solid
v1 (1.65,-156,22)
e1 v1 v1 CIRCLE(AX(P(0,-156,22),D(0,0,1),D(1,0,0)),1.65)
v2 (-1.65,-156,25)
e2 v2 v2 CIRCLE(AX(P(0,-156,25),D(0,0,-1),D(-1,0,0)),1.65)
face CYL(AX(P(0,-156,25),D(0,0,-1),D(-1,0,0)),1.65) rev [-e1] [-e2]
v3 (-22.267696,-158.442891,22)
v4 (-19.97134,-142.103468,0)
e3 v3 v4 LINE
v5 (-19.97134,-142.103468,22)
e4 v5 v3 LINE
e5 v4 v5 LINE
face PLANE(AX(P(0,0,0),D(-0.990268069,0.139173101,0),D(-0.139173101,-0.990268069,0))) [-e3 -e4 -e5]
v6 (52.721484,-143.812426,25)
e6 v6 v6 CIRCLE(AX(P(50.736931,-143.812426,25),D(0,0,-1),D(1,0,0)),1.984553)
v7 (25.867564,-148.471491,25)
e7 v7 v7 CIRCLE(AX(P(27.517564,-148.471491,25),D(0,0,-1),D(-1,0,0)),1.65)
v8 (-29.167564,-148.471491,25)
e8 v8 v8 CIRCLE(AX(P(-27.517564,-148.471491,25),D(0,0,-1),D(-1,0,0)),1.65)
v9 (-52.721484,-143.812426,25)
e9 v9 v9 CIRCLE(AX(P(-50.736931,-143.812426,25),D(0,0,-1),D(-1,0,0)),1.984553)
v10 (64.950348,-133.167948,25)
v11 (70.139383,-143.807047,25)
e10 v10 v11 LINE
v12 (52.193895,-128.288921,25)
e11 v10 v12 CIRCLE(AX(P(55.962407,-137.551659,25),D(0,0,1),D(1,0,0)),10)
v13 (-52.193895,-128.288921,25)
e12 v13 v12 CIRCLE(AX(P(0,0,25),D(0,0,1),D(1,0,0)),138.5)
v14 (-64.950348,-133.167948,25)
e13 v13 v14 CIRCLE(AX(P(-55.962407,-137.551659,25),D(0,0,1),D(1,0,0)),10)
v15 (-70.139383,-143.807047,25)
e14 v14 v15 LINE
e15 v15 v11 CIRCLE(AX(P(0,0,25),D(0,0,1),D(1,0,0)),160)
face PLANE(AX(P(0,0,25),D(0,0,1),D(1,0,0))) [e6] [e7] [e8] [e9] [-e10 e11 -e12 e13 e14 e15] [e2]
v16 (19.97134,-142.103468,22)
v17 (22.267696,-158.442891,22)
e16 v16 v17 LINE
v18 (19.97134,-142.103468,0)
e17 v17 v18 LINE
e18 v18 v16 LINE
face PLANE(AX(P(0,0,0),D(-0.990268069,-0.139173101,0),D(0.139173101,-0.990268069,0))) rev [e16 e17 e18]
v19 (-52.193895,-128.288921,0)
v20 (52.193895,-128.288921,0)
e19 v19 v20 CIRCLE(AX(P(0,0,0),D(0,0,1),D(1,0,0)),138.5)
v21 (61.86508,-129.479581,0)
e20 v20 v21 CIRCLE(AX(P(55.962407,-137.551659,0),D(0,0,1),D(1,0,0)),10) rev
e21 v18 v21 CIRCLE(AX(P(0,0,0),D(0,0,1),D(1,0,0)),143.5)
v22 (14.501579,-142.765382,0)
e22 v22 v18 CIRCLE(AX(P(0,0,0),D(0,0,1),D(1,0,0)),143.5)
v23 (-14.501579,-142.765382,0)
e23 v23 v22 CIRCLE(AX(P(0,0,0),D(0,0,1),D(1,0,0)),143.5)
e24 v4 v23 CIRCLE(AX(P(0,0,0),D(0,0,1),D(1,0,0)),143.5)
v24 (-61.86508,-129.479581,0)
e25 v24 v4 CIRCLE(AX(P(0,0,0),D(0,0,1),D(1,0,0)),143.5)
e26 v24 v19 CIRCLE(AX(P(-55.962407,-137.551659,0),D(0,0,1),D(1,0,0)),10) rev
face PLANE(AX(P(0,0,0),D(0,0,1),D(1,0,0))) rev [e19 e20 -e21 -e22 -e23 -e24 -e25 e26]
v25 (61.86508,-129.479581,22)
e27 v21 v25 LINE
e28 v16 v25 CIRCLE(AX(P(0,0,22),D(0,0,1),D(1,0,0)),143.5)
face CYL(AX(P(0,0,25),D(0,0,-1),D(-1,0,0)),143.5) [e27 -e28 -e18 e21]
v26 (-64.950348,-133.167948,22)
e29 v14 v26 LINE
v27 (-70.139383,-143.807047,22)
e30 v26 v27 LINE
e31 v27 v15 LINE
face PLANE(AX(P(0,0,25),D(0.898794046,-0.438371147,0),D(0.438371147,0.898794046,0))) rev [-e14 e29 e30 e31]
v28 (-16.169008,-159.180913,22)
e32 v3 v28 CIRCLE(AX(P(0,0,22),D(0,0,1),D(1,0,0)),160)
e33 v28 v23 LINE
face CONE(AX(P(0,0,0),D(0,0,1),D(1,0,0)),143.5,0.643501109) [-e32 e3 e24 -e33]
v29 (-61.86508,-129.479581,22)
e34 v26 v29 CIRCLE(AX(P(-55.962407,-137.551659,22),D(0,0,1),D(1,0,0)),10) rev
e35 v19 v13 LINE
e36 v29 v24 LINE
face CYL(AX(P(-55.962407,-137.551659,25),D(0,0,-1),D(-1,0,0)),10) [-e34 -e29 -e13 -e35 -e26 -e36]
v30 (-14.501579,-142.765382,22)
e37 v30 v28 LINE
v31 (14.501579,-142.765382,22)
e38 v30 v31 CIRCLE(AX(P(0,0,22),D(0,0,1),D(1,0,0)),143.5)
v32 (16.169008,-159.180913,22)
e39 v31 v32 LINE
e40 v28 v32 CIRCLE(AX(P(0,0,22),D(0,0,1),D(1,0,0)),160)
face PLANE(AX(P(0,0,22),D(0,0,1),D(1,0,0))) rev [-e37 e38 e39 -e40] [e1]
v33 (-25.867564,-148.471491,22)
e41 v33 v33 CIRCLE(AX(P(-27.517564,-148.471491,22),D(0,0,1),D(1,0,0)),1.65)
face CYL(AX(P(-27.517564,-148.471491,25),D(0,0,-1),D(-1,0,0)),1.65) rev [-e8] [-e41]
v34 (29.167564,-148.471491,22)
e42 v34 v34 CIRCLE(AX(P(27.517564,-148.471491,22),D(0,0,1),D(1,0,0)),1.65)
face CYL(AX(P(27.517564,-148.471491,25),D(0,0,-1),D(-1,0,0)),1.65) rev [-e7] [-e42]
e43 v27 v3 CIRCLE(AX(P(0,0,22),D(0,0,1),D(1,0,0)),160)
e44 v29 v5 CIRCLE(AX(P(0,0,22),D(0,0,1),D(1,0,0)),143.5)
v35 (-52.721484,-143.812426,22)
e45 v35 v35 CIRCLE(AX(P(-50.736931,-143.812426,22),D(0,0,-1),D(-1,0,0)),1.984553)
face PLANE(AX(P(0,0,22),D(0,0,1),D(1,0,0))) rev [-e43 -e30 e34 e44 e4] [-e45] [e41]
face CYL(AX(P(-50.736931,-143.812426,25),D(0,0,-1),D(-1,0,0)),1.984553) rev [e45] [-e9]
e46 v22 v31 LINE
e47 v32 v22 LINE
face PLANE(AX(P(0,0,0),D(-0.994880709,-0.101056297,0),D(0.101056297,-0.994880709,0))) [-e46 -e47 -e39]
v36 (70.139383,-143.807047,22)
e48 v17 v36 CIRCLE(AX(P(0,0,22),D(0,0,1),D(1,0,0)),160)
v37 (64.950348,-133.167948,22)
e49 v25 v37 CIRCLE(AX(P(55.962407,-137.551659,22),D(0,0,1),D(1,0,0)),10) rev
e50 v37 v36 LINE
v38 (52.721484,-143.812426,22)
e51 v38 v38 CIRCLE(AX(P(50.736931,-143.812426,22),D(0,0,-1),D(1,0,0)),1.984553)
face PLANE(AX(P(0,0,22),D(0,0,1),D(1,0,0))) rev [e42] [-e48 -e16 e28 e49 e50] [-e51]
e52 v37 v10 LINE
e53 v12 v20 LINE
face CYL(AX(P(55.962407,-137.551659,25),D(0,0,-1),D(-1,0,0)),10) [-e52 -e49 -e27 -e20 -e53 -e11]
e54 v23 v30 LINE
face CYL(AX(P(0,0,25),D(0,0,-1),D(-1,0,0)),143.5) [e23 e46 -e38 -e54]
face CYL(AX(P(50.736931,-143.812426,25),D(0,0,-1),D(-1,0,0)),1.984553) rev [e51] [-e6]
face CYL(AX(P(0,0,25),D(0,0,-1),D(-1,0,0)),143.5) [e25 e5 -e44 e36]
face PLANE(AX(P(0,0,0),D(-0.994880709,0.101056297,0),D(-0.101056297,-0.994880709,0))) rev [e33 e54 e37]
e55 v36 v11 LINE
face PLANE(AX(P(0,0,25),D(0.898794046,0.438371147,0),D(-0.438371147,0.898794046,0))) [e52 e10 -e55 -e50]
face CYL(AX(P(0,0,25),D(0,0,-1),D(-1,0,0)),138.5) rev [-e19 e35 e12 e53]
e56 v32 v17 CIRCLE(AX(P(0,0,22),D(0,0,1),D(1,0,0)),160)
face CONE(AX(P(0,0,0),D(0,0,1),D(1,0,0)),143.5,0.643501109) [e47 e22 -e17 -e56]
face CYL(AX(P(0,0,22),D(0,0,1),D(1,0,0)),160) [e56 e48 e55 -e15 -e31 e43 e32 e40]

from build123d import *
from build123d.topology import SkipClean

# Parameters (mm, degrees)
EXTRUDE_1_DEPTH     = 25
EXTRUDE_START       = -3
EXTRUDE_2_DEPTH     = 3
EXTRUDE_START_2     = 22
SKETCH_3_R          = 1.649999999999988
SKETCH_3_R_2        = 1.6500000000000072
EXTRUDE_3_DEPTH     = 22
SKETCH_4_R          = 1.6499999999999844
SKETCH_4_R_2        = 1.6500000000000101
SKETCH_4_R_3        = 1.6499999999999744
CUT_EXTRUDE_1_DEPTH = 177.47813778434883
FILLET_1_R          = 10
SKETCH_7_R          = 1.9845527955415248
CUT_EXTRUDE_2_DEPTH = 177.0782017054684


with BuildPart() as part:
    # 草图1 → 凸台-拉伸1 (new body)
    with BuildSketch(Plane.XY):
        with BuildLine():
            ThreePointArc((-6.39904e-12, -143.5), (32.28047629834163, -139.82210429668194), (62.90625956423284, -128.97694564393035))
            Line((62.90625956423282, -128.97694564393035), (60.71440383028742, -124.48297541243448))
            ThreePointArc((60.71440383028932, -124.4829754124336), (31.15572102662481, -134.95025397275518), (-3.22377e-12, -138.5))
            Line((0, -138.49999999999997), (0, -143.49999999999997))
        make_face()
        with BuildLine():
            Line((-60.71440383028735, -124.48297541243457), (-62.906259564232734, -128.97694564393038))
            ThreePointArc((-62.906259564232776, -128.97694564393038), (-32.28047629834789, -139.8221042966805), (-6.39904e-12, -143.5))
            Line((0, -143.49999999999997), (0, -138.49999999999997))
            ThreePointArc((-3.22377e-12, -138.5), (-31.155721026627976, -134.95025397275447), (-60.71440383028926, -124.48297541243363))
        make_face()
    extrude(amount=EXTRUDE_1_DEPTH)

    # 草图2 → 凸台-拉伸2 (add)
    with BuildSketch(Plane.XY.offset(25).offset(EXTRUDE_START)):
        with BuildLine():
            Line((70.13938348625264, -143.8070474078666), (62.906259564232826, -128.97694564393032))
            ThreePointArc((62.90625956423283, -128.97694564393032), (4.796e-14, -143.5), (-62.90625956423274, -128.97694564393038))
            Line((-62.90625956423273, -128.97694564393043), (-70.13938348625253, -143.8070474078667))
            ThreePointArc((-70.13938348625257, -143.80704740786663), (-2.939e-14, -160), (70.13938348625264, -143.8070474078666))
        make_face()
    extrude(amount=EXTRUDE_2_DEPTH)

    # 草图3 → 凸台-拉伸3 (add)
    with SkipClean():  # the faces are left unmerged after this step: merging them gives an invalid solid
        with BuildSketch(Plane(origin=(0, 0, 22.000000000000004), x_dir=(-1, 0, 0), z_dir=(0, 0, -1)).offset(EXTRUDE_START_2)):
            with Locations(Location((-27.51756434931431, -148.4714910421571, 0), (0, 0, 180))):
                Circle(SKETCH_3_R)
            with Locations(Location((1.91e-14, -156, 0), (0, 0, 180))):
                Circle(SKETCH_3_R_2)
            with BuildLine():
                Line((-16.16900754927144, -159.18091341260617), (-14.501578645752826, -142.76538171693122))
                ThreePointArc((-14.501578645754455, -142.76538171693085), (-17.239636372772704, -142.46067856687523), (-19.971339987769433, -142.10346786441525))
                Line((-19.971339987769415, -142.10346786441528), (-22.267696153610498, -158.4428909986512))
                ThreePointArc((-22.26769615360823, -158.44289099865154), (-19.221894213540633, -158.84117470871163), (-16.169007549267842, -159.1809134126065))
            make_face()
            with BuildLine():
                ThreePointArc((19.9713399877666, -142.10346786441565), (17.239636372771262, -142.4606785668754), (14.501578645754403, -142.76538171693088))
                Line((14.50157864575282, -142.76538171693116), (16.16900754927144, -159.18091341260617))
                ThreePointArc((16.16900754926785, -159.1809134126065), (19.22189421354061, -158.84117470871166), (22.26769615360823, -158.44289099865156))
                Line((22.267696153610498, -158.4428909986512), (19.971339987769422, -142.10346786441534))
            make_face()
            with Locations((27.51756434931431, -148.4714910421571)):
                Circle(SKETCH_3_R)
        extrude(amount=-EXTRUDE_3_DEPTH)

    # 草图4 → 切除-拉伸1 (cut, through all)
    with SkipClean():  # the faces are left unmerged after this step: merging them gives an invalid solid
        with BuildSketch(Plane(origin=(0, 0, 0), x_dir=(-1, 0, 0), z_dir=(0, 0, -1))):
            with Locations((-27.51756434931431, -148.4714910421571)):
                Circle(SKETCH_4_R)
            with Locations((1.91e-14, -156)):
                Circle(SKETCH_4_R_2)
            with Locations((27.51756434931431, -148.4714910421571)):
                Circle(SKETCH_4_R_3)
        extrude(amount=-CUT_EXTRUDE_1_DEPTH, mode=Mode.SUBTRACT)

    # 草图6 → 切除-旋转1 (revolve, cut)
    with BuildSketch(Plane(origin=(0, 0, 0), x_dir=(0, 0, -1), z_dir=(0.9902680687415703, 0.13917310096006566, 0))):
        Polygon((6.94e-15, -143.5), (-22.000000000000007, -160), (6.94e-15, -160), align=None)
    revolve(axis=Axis((0, 0, 25), (0, 0, -1)), mode=Mode.SUBTRACT)

    # 圆角1
    fillet_1_edges = [part.edges().sort_by_distance(p)[0] for p in [
        (60.71440383028837, -124.48297541243404, 12.5),
        (-60.714403830288305, -124.48297541243412, 12.5),
    ]]
    fillet(fillet_1_edges, radius=FILLET_1_R)

    # 草图7 → 切除-拉伸2 (cut, through all)
    with BuildSketch(Plane(origin=(0, 0, 22.000000000000004), x_dir=(-1, 0, 0), z_dir=(0, 0, -1))):
        with Locations((50.73693085640144, -143.81242591401045)):
            Circle(SKETCH_7_R)
        with Locations(Location((-50.7369308564015, -143.81242591401042, 0), (0, 0, 180))):
            Circle(SKETCH_7_R)
    extrude(amount=-CUT_EXTRUDE_2_DEPTH, mode=Mode.SUBTRACT)


solid = part.part
